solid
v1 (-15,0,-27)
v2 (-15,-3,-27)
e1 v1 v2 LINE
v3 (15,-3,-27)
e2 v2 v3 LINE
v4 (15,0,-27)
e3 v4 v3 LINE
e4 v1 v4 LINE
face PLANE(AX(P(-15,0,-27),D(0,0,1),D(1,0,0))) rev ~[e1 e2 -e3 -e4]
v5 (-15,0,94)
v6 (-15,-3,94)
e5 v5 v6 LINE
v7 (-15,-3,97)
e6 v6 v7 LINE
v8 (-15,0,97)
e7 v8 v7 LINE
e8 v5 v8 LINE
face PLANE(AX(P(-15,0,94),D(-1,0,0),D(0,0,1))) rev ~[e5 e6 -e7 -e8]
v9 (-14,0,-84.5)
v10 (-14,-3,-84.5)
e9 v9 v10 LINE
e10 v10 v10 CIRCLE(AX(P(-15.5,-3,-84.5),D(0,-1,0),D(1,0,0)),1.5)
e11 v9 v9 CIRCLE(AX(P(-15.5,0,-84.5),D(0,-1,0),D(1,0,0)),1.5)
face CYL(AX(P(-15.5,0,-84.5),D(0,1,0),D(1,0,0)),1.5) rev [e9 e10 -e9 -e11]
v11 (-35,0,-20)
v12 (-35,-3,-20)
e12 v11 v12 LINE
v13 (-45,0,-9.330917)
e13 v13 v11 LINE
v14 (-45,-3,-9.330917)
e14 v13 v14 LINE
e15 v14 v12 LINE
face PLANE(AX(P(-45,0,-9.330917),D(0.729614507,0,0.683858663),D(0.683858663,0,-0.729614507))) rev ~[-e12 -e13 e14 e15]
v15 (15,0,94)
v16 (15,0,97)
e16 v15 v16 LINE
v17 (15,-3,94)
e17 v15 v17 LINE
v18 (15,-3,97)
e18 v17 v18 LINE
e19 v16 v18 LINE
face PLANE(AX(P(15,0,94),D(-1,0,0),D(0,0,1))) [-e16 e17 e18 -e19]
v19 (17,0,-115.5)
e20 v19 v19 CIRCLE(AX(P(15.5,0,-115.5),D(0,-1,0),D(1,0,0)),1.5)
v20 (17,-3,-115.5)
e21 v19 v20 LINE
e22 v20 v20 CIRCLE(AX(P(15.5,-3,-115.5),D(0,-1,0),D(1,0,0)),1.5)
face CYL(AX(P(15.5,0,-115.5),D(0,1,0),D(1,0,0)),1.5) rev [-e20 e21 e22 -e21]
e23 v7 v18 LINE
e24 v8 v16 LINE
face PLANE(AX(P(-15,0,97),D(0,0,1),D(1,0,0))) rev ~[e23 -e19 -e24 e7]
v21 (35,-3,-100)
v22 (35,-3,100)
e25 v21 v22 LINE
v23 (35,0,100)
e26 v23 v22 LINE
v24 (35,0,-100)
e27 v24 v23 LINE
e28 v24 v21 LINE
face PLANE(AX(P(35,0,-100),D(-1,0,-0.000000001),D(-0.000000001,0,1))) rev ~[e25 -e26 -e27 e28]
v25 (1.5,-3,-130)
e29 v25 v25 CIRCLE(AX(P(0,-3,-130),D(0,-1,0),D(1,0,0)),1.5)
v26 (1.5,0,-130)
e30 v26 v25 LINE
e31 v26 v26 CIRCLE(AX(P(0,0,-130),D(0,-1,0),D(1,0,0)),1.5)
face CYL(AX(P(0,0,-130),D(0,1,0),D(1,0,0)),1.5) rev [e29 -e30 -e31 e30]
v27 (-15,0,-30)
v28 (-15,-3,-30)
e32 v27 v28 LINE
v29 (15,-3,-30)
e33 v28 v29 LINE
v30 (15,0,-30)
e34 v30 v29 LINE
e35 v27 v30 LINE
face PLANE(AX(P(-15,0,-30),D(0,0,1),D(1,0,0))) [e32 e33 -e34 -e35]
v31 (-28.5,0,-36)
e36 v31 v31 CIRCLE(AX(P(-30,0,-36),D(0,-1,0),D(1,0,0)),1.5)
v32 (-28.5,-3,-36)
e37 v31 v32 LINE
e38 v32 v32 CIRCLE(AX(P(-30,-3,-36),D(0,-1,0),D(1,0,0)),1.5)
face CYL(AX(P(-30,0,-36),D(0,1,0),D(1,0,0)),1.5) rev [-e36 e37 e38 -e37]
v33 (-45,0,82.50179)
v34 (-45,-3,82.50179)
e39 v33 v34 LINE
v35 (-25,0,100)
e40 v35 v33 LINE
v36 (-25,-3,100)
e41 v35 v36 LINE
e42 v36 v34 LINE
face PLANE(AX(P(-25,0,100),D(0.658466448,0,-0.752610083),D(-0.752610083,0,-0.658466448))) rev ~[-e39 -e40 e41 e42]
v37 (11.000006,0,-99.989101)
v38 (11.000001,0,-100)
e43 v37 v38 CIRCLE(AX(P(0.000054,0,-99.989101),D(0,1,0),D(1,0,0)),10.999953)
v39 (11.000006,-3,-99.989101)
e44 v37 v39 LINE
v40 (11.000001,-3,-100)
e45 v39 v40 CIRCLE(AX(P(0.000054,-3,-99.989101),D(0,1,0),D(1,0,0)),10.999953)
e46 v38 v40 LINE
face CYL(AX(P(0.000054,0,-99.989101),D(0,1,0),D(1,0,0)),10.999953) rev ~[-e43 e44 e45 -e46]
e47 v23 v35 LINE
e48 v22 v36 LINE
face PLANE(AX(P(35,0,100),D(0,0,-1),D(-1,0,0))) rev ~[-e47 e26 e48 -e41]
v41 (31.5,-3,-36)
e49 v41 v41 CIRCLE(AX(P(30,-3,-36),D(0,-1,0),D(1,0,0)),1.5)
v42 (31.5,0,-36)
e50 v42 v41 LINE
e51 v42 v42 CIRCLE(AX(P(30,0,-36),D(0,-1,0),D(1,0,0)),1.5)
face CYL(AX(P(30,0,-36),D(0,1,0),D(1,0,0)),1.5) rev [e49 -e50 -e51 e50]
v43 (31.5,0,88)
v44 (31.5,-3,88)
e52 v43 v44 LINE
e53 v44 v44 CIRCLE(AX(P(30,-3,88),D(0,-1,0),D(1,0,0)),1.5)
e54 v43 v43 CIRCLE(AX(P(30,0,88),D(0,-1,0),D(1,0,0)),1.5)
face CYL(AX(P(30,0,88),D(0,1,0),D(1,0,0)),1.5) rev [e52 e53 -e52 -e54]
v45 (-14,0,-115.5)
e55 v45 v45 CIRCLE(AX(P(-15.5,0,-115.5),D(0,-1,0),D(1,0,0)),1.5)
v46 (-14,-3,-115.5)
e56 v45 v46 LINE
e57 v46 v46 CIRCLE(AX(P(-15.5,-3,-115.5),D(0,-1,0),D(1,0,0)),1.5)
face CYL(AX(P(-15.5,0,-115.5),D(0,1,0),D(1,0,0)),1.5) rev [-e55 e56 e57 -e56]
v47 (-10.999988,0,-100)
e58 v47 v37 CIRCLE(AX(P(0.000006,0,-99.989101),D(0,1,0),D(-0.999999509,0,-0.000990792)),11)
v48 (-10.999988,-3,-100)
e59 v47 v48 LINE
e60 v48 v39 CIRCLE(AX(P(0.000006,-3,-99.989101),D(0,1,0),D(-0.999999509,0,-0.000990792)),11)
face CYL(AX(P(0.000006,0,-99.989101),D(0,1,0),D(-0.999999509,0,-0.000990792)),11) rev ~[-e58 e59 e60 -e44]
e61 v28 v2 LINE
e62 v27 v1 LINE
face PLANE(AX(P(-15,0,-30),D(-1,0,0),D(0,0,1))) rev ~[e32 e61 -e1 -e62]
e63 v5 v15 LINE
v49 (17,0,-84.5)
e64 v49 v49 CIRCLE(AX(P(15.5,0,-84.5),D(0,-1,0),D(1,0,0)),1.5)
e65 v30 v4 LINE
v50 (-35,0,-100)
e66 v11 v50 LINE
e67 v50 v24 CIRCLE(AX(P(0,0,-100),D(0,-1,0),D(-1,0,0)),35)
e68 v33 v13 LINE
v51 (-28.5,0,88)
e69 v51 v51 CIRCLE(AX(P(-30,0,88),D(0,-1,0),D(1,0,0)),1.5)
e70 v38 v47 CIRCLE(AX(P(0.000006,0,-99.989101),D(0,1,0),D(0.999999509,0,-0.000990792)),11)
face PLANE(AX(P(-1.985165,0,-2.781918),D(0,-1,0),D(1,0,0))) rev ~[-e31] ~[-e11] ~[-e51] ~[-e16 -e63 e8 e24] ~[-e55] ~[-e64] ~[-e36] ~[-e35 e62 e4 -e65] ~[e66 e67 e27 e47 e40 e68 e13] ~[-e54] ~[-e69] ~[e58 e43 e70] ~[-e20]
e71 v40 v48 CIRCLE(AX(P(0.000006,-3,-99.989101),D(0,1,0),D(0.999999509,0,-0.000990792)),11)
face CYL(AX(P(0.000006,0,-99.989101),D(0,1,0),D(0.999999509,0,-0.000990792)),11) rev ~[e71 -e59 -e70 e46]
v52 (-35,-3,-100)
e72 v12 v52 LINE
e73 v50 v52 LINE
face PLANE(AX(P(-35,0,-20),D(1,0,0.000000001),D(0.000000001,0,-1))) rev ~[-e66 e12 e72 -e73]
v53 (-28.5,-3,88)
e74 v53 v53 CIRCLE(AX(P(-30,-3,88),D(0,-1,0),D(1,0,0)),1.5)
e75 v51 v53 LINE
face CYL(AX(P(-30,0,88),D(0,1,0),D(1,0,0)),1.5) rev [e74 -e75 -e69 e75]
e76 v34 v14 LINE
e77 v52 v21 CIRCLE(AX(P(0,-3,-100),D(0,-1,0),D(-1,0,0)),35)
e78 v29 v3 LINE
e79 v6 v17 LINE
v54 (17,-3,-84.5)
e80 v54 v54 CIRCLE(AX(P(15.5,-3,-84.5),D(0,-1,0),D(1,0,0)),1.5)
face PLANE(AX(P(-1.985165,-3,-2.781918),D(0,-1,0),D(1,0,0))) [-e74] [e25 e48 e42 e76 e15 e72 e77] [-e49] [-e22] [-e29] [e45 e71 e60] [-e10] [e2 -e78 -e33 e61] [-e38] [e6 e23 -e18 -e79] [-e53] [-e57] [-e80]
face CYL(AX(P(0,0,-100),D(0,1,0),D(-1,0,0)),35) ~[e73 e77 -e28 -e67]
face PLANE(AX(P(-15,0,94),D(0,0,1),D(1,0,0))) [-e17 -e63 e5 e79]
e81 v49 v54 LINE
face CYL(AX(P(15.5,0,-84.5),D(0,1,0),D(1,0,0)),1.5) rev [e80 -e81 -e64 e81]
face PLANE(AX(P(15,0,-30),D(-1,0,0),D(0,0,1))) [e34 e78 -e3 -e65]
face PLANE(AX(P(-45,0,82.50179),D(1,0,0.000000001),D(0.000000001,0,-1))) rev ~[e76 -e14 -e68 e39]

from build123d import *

# Parameters (mm, degrees)
F0_R     = 1.5
F0_W     = 30
F0_H     = 3
F1_DEPTH = 3


with BuildPart() as f1:
    # F0 (on Front) → F1 (new body)
    with BuildSketch(Plane.XZ):
        with BuildLine():
            Line((35.0000000564, -100), (34.9999999436, 100))
            Line((34.9999999436, 100), (-25.0000000564, 100))
            Line((-25.0000000564, 100), (-45.0000000465, 82.5017904114))
            Line((-45.0000000465, 82.5017904114), (-44.9999999947, -9.3309166406))
            Line((-44.9999999947, -9.3309166406), (-34.9999999887, -20))
            Line((-34.9999999887, -20), (-34.9999999436, -100))
            ThreePointArc((-34.9999999436, -100), (5.64e-08, -65), (35.0000000564, -100))
        make_face()
        with Locations((-29.9999999797, -36)):
            Circle(F0_R, mode=Mode.SUBTRACT)
        with Locations((0, -28.5)):
            Rectangle(F0_W, F0_H, mode=Mode.SUBTRACT)
        with Locations((29.9999999797, -36)):
            Circle(F0_R, mode=Mode.SUBTRACT)
        with Locations((-30.0000000496, 88)):
            Circle(F0_R, mode=Mode.SUBTRACT)
        with Locations((0, 95.5)):
            Rectangle(F0_W, F0_H, mode=Mode.SUBTRACT)
        with Locations((29.9999999504, 88)):
            Circle(F0_R, mode=Mode.SUBTRACT)
        with BuildLine():
            ThreePointArc((-34.9999999436, -100), (5.64e-08, -135), (35.0000000564, -100))
            Line((35.0000000564, -100), (11.0000010764, -100))
            ThreePointArc((11.0000010764, -100), (6.4756e-06, -110.9891012907), (-10.9999881253, -100))
            Line((-10.9999881253, -100), (-34.9999999436, -100))
        make_face()
        with Locations((-15.5, -115.5)):
            Circle(F0_R, mode=Mode.SUBTRACT)
        with Locations((0, -130)):
            Circle(F0_R, mode=Mode.SUBTRACT)
        with Locations((15.5, -115.5)):
            Circle(F0_R, mode=Mode.SUBTRACT)
        with BuildLine():
            Line((11.0000010764, -100), (35.0000000564, -100))
            ThreePointArc((35.0000000564, -100), (5.64e-08, -65), (-34.9999999436, -100))
            Line((-34.9999999436, -100), (-10.9999881253, -100))
            ThreePointArc((-10.9999881253, -100), (-0.0054428798, -88.9891026405), (11.0000064756, -99.9891012907))
            ThreePointArc((11.0000064756, -99.9891012907), (11.0000051258, -99.994550646), (11.0000010764, -100))
        make_face()
        with Locations((-15.5, -84.5)):
            Circle(F0_R, mode=Mode.SUBTRACT)
        with Locations((15.5, -84.5)):
            Circle(F0_R, mode=Mode.SUBTRACT)
    extrude(amount=F1_DEPTH)


solid = f1.part
